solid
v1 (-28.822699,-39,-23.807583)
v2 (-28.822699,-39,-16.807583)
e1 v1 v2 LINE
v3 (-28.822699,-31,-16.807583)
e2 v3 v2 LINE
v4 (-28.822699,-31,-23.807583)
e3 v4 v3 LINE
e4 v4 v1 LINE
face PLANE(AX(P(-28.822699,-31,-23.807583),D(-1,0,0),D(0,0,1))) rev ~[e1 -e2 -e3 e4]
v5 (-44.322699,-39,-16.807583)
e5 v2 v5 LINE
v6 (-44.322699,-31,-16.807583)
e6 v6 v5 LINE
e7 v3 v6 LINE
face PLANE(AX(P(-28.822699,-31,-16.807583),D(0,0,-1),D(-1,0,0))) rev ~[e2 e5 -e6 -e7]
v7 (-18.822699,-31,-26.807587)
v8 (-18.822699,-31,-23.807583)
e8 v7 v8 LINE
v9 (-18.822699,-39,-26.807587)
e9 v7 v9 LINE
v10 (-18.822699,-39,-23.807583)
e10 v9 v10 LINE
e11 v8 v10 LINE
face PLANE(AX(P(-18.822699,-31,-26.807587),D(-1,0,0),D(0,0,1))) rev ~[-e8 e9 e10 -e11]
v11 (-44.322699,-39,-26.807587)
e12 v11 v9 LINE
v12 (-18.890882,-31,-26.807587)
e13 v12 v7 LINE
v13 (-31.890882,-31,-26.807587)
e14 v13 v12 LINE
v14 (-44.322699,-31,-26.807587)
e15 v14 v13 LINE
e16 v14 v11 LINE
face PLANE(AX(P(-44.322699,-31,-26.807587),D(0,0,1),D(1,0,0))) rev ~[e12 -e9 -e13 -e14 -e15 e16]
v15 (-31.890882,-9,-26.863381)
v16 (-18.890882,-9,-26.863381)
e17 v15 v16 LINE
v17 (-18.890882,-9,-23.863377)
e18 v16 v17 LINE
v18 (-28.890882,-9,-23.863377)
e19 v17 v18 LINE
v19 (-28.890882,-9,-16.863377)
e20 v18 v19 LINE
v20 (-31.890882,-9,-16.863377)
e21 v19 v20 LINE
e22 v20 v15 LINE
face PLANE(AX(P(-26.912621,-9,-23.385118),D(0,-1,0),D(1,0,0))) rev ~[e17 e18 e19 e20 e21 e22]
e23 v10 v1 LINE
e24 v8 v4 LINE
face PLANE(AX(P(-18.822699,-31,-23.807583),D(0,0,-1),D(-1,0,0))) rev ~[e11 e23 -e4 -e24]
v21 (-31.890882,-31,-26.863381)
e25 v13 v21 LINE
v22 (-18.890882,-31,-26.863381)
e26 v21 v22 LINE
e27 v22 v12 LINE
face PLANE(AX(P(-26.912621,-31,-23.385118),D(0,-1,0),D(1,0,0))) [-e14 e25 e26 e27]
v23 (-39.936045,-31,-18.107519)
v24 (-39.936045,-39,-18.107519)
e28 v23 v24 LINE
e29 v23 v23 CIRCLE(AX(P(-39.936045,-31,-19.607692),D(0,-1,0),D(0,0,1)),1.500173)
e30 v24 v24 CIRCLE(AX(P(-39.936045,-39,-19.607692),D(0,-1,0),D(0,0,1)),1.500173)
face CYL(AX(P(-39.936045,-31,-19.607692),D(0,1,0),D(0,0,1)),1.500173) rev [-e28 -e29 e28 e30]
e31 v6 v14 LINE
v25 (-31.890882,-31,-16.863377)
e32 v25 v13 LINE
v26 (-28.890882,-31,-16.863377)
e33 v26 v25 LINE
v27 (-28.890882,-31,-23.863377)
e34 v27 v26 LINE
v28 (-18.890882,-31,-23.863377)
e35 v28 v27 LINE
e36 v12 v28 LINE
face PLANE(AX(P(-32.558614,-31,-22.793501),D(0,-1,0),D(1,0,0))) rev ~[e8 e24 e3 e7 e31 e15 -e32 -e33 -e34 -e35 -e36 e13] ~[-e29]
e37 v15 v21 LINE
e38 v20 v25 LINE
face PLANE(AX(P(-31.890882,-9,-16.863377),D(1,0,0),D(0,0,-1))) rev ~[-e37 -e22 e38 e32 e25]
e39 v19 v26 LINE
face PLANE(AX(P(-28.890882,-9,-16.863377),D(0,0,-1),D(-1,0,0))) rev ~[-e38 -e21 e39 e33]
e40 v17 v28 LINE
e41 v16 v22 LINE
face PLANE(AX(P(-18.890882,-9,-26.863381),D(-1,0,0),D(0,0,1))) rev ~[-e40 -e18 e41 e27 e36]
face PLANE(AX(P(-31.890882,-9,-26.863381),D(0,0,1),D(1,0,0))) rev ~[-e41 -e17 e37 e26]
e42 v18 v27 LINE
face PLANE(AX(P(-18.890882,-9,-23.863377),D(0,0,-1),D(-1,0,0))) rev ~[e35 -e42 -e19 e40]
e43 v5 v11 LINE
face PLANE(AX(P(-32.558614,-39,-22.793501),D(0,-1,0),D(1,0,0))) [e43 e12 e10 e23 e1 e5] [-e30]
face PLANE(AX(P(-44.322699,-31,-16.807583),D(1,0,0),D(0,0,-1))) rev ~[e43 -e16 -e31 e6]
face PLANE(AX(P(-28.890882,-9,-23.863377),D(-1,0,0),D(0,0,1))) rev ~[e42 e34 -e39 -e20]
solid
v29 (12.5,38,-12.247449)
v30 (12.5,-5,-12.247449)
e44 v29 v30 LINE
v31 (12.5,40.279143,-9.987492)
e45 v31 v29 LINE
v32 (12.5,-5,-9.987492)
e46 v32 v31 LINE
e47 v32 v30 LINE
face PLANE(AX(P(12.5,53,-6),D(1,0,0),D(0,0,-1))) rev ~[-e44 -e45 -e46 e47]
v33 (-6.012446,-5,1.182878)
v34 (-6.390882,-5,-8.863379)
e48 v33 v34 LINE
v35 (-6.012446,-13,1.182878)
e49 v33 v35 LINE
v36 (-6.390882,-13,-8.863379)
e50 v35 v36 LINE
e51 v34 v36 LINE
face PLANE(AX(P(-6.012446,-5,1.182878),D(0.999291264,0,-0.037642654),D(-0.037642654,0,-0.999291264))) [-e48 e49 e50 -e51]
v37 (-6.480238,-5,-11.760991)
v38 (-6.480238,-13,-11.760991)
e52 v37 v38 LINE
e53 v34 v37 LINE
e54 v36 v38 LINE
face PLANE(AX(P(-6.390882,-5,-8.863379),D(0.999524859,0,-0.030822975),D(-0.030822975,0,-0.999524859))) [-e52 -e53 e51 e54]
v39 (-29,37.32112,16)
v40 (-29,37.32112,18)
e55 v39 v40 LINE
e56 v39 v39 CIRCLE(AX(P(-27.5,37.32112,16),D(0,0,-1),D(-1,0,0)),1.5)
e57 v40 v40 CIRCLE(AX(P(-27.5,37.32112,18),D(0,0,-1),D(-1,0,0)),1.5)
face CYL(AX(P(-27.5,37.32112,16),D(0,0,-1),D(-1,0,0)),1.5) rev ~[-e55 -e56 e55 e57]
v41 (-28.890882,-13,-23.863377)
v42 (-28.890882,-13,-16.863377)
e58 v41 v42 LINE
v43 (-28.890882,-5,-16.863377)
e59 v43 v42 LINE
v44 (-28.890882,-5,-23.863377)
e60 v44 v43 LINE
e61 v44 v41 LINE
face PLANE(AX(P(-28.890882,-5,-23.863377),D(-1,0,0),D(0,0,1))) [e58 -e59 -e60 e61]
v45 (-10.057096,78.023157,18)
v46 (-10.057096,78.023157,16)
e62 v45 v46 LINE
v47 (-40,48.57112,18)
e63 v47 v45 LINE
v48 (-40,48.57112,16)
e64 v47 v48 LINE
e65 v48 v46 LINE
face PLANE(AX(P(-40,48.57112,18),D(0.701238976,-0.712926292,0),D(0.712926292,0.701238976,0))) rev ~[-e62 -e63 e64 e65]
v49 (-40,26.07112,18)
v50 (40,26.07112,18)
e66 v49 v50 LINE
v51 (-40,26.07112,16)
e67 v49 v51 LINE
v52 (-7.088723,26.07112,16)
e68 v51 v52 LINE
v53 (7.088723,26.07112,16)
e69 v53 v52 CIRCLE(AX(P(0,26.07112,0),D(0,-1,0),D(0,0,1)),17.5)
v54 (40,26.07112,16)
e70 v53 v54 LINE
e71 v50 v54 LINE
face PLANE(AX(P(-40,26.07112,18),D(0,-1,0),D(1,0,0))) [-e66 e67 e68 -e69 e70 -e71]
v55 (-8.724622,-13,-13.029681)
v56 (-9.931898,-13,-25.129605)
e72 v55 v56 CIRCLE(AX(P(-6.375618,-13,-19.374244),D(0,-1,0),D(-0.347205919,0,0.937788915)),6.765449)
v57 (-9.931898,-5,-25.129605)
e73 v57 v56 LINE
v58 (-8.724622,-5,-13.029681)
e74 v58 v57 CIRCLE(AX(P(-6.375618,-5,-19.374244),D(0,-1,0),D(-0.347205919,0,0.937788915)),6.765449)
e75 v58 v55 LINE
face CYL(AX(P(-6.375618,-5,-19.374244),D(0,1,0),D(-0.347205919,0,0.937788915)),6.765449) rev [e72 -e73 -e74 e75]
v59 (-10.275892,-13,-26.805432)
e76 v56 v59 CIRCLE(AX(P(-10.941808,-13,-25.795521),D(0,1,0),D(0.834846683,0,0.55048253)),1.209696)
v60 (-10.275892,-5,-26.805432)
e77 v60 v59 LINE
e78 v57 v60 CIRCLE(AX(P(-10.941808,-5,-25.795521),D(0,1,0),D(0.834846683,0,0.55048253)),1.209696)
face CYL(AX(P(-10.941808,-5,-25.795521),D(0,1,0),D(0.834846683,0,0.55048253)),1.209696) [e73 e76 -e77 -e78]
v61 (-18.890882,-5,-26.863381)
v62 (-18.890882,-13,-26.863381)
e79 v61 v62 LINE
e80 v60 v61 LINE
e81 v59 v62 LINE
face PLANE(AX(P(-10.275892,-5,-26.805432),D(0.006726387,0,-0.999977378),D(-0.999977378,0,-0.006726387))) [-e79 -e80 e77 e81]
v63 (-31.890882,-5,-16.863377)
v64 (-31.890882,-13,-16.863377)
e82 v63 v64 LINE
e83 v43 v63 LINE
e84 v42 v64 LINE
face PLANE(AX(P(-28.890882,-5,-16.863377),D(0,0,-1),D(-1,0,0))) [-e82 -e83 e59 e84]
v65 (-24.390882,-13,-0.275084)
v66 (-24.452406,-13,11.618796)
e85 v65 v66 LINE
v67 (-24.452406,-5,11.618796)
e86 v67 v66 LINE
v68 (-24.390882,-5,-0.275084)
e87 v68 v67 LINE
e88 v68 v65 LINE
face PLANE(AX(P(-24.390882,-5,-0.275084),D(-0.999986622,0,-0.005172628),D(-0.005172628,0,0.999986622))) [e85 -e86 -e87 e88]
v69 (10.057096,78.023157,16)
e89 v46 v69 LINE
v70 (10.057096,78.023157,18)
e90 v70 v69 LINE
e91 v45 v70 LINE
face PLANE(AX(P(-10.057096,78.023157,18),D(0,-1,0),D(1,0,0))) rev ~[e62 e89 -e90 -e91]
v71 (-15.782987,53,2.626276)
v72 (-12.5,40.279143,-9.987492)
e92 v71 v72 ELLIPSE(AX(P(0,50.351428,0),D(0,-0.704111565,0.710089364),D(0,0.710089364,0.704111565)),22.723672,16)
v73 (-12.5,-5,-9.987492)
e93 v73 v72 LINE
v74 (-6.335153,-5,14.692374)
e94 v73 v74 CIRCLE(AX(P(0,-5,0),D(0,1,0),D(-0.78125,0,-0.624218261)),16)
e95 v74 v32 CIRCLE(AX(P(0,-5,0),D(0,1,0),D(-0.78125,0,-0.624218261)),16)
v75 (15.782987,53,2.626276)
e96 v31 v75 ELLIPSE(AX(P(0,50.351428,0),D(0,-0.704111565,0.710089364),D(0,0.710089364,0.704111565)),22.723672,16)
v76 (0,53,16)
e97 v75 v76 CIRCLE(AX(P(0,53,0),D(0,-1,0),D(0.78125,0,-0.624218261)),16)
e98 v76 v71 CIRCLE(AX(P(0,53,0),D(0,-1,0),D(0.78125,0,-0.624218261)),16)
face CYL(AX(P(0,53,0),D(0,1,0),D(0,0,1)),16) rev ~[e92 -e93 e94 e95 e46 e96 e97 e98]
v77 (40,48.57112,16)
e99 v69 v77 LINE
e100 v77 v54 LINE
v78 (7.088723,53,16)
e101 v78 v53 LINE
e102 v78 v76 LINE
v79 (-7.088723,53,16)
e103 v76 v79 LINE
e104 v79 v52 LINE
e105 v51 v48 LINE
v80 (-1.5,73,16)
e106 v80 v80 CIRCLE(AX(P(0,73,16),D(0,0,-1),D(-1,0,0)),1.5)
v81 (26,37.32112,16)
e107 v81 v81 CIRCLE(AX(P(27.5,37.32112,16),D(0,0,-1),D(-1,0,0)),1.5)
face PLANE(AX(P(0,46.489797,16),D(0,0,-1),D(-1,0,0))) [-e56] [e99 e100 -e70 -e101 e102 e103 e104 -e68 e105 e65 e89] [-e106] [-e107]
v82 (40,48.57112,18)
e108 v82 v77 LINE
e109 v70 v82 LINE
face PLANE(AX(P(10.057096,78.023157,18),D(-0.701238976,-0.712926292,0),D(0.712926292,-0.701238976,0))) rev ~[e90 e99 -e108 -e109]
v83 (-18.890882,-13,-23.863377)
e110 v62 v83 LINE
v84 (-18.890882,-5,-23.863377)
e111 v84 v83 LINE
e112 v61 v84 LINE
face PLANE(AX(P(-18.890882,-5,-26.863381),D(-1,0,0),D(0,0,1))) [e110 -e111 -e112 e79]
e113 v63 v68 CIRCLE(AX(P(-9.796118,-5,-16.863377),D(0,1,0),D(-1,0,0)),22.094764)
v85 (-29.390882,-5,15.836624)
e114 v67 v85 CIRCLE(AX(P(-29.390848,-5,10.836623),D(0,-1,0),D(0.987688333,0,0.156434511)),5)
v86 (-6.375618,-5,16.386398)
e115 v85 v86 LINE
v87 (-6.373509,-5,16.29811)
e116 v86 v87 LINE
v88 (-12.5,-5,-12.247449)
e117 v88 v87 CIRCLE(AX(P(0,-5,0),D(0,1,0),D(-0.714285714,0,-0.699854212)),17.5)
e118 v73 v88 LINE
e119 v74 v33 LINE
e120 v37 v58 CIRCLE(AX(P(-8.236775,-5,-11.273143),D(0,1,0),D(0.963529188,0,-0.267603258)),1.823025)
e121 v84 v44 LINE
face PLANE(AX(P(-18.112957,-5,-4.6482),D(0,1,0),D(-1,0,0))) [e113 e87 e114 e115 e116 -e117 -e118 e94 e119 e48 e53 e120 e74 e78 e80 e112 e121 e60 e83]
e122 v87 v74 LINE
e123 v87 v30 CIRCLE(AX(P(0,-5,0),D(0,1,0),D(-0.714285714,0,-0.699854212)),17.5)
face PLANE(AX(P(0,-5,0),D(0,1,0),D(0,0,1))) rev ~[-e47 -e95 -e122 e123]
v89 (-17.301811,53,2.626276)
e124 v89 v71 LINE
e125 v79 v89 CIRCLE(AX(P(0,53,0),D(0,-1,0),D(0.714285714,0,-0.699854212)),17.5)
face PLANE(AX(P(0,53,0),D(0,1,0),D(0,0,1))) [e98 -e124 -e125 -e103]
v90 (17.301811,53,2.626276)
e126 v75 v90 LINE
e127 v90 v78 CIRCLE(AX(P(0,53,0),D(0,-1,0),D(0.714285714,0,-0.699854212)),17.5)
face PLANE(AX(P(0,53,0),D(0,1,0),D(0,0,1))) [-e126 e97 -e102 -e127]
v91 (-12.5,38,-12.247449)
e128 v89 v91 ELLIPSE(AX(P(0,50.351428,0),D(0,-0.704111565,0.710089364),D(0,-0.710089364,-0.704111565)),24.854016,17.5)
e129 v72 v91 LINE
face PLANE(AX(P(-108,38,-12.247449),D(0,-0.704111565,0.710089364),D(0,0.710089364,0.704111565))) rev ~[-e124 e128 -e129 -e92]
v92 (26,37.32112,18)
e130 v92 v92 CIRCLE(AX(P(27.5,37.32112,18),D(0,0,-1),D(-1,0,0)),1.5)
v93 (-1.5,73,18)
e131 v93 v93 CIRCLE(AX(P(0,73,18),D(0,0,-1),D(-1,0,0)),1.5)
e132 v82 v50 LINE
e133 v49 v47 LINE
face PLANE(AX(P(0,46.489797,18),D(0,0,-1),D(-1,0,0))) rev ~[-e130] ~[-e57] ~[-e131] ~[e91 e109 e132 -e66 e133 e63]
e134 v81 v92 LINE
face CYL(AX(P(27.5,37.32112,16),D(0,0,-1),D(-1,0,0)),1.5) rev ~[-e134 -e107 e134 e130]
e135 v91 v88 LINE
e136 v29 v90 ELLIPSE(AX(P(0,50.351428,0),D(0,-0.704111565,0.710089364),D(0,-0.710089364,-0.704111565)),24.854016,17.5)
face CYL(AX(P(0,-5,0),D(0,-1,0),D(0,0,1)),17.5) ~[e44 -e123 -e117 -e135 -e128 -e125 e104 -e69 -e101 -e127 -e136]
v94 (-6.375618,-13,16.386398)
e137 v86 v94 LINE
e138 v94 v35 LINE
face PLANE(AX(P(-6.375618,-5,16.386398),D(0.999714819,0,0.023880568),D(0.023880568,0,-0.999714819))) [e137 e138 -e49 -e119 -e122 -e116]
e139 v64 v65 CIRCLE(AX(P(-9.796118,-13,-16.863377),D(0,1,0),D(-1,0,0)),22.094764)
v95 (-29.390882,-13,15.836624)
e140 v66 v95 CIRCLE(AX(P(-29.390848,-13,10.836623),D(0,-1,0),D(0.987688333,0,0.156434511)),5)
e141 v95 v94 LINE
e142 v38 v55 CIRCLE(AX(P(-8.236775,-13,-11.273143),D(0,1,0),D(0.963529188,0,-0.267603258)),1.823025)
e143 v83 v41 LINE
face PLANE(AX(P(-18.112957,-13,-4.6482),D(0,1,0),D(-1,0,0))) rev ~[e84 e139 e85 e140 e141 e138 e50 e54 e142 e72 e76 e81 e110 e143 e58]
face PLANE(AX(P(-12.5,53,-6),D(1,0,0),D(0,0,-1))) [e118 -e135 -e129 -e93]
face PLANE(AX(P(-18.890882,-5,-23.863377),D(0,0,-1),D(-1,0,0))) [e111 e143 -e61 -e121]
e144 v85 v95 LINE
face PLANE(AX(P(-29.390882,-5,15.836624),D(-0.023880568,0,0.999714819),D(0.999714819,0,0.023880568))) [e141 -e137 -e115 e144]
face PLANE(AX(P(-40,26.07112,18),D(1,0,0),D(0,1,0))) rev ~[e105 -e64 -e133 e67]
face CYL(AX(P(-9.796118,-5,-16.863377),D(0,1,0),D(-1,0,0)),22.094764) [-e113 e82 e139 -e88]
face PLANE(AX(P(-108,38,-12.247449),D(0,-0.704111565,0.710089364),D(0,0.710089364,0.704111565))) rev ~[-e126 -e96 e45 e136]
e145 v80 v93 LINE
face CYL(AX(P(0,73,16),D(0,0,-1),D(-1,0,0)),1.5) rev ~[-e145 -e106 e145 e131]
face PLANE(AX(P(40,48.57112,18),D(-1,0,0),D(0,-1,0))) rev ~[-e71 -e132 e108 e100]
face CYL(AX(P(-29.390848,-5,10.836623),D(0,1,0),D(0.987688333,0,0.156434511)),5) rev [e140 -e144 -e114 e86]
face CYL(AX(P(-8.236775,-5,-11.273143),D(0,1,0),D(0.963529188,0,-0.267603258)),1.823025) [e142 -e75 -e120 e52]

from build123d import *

# Parameters (mm, degrees)
BOSS_EXTRUDE1_DEPTH      = 53
BOSS_EXTRUDE1_DEPTH_BACK = 5
SKETCH1_R                = 17.5
SKETCH2_R                = 16
CUT_EXTRUDE1_DEPTH       = 108
SKETCH3_W                = 25
SKETCH3_H                = 20
CUT_EXTRUDE2_DEPTH       = 108
CUT_EXTRUDE3_DEPTH       = 108
CUT_EXTRUDE3_DEPTH_BACK  = 108
BOSS_EXTRUDE2_DEPTH      = 2
SKETCH10_R               = 1.5
CUT_EXTRUDE4_DEPTH       = 16
BOSS_EXTRUDE3_DEPTH      = 8
BOSS_EXTRUDE5_DEPTH      = 18
BOSS_EXTRUDE5_DEPTH_BACK = 4
SKETCH13_R               = 1.500172947
BOSS_EXTRUDE6_DEPTH      = 8


with BuildPart() as part:
    # Sketch1 → Boss-Extrude1 (new, two sides: drawn at the far end of the back side and taken through both)
    with BuildSketch(Plane(origin=(0, 0, 0), x_dir=(1, 0, 0), z_dir=(0, 1, 0)).offset(-BOSS_EXTRUDE1_DEPTH_BACK)):
        with Locations(Location((0, 0, 0), (0, 0, 270))):
            Circle(SKETCH1_R)
    extrude(amount=BOSS_EXTRUDE1_DEPTH + BOSS_EXTRUDE1_DEPTH_BACK)

    # Sketch2 → Cut-Extrude1 (cut)
    with BuildSketch(Plane(origin=(0, 53, 0), x_dir=(1, 0, 0), z_dir=(0, 1, 0))):
        with Locations(Location((0, 0, 0), (0, 0, 270))):
            Circle(SKETCH2_R)
    extrude(amount=-CUT_EXTRUDE1_DEPTH, mode=Mode.SUBTRACT)

    # Sketch3 → Cut-Extrude2 (cut)
    with BuildSketch(Plane(origin=(0, 53, 0), x_dir=(1, 0, 0), z_dir=(0, 1, 0))):
        with Locations((0, 16)):
            Rectangle(SKETCH3_W, SKETCH3_H)
    extrude(amount=-CUT_EXTRUDE2_DEPTH, mode=Mode.SUBTRACT)

    # Sketch7 → Cut-Extrude3 (cut, two sides: drawn at the far end of the back side and taken through both)
    with BuildSketch(Plane(origin=(0, 0, 0), x_dir=(0, 0, -1), z_dir=(1, 0, 0)).offset(-CUT_EXTRUDE3_DEPTH_BACK)):
        Polygon((12.247448714, 53), (12.247448714, 38), (-2.626275643, 53), align=None)
    extrude(amount=CUT_EXTRUDE3_DEPTH + CUT_EXTRUDE3_DEPTH_BACK, mode=Mode.SUBTRACT)

    # Sketch8 → Boss-Extrude2 (add)
    with BuildSketch(Plane.XY.offset(18)):
        Polygon((10.05709572, 78.023156751), (40, 48.571119754), (40, 26.071119754), (0, 26.071119754), (-40, 26.071119754), (-40, 48.571119754), (-10.05709572, 78.023156751), align=None)
    extrude(amount=-BOSS_EXTRUDE2_DEPTH)

    # Sketch10 → Cut-Extrude4 (cut)
    with BuildSketch(Plane(origin=(0, 0, 16), x_dir=(-1, 0, 0), z_dir=(0, 0, -1))):
        with Locations((-27.5, 37.321119754)):
            Circle(SKETCH10_R)
        with Locations((27.5, 37.321119754)):
            Circle(SKETCH10_R)
        with Locations((0, 73)):
            Circle(SKETCH10_R)
    extrude(amount=-CUT_EXTRUDE4_DEPTH, mode=Mode.SUBTRACT)

    # Sketch11 → Boss-Extrude3 (add)
    with BuildSketch(Plane.XZ.offset(5)):
        with BuildLine():
            Line((-6.390882144, -8.863379027), (-6.480237612, -11.760990645))
            ThreePointArc((-6.480237612, -11.760990645), (-7.33967567, -12.860163004), (-8.724622378, -13.029680754))
            ThreePointArc((-8.724622378, -13.029680754), (-13.107641391, -18.70255332), (-9.931897769, -25.129604841))
            ThreePointArc((-9.931897769, -25.129604841), (-9.756819698, -26.038761874), (-10.275891909, -26.805431868))
            Line((-10.275891909, -26.805431868), (-18.890882144, -26.863380934))
            Line((-18.890882144, -26.863380934), (-18.890882144, -23.863377119))
            Line((-18.890882144, -23.863377119), (-28.890882144, -23.863377119))
            Line((-28.890882144, -23.863377119), (-28.890882144, -16.863377119))
            Line((-28.890882144, -16.863377119), (-31.890882144, -16.863377119))
            ThreePointArc((-31.890882144, -16.863377119), (-29.928759086, -7.76088478), (-24.390882144, -0.275084044))
            Line((-24.390882144, -0.275084044), (-24.452405581, 11.618795847))
            ThreePointArc((-24.452405581, 11.618795847), (-26.143620347, 14.638664645), (-29.390882144, 15.836623644))
            Line((-29.390882144, 15.836623644), (-6.375618396, 16.386397999))
            Line((-6.375618396, 16.386397999), (-6.012446141, 1.182878311))
            Line((-6.012446141, 1.182878311), (-6.390882144, -8.863379027))
        make_face()
    extrude(amount=BOSS_EXTRUDE3_DEPTH)


with BuildPart() as body_2:
    # Sketch12 → Boss-Extrude5 (new, two sides: drawn at the far end of the back side and taken through both)
    with BuildSketch(Plane.XZ.offset(13).offset(-BOSS_EXTRUDE5_DEPTH_BACK)):
        Polygon((-31.890882144, -26.863380934), (-18.890882144, -26.863380934), (-18.890882144, -23.863377119), (-28.890882144, -23.863377119), (-28.890882144, -16.863377119), (-31.890882144, -16.863377119), align=None)
    extrude(amount=BOSS_EXTRUDE5_DEPTH + BOSS_EXTRUDE5_DEPTH_BACK)

    # Sketch13 → Boss-Extrude6 (add)
    with BuildSketch(Plane.XZ.offset(31)):
        Polygon((-44.322698898, -26.807587047), (-18.822698898, -26.807587047), (-18.822698898, -23.807583233), (-28.822698898, -23.807583233), (-28.822698898, -16.807583233), (-44.322698898, -16.807583233), align=None)
        with Locations(Location((-39.936045011, -19.607691517, 0), (0, 0, 90))):
            Circle(SKETCH13_R, mode=Mode.SUBTRACT)
    extrude(amount=BOSS_EXTRUDE6_DEPTH)


solid = Compound([part.part, body_2.part])
